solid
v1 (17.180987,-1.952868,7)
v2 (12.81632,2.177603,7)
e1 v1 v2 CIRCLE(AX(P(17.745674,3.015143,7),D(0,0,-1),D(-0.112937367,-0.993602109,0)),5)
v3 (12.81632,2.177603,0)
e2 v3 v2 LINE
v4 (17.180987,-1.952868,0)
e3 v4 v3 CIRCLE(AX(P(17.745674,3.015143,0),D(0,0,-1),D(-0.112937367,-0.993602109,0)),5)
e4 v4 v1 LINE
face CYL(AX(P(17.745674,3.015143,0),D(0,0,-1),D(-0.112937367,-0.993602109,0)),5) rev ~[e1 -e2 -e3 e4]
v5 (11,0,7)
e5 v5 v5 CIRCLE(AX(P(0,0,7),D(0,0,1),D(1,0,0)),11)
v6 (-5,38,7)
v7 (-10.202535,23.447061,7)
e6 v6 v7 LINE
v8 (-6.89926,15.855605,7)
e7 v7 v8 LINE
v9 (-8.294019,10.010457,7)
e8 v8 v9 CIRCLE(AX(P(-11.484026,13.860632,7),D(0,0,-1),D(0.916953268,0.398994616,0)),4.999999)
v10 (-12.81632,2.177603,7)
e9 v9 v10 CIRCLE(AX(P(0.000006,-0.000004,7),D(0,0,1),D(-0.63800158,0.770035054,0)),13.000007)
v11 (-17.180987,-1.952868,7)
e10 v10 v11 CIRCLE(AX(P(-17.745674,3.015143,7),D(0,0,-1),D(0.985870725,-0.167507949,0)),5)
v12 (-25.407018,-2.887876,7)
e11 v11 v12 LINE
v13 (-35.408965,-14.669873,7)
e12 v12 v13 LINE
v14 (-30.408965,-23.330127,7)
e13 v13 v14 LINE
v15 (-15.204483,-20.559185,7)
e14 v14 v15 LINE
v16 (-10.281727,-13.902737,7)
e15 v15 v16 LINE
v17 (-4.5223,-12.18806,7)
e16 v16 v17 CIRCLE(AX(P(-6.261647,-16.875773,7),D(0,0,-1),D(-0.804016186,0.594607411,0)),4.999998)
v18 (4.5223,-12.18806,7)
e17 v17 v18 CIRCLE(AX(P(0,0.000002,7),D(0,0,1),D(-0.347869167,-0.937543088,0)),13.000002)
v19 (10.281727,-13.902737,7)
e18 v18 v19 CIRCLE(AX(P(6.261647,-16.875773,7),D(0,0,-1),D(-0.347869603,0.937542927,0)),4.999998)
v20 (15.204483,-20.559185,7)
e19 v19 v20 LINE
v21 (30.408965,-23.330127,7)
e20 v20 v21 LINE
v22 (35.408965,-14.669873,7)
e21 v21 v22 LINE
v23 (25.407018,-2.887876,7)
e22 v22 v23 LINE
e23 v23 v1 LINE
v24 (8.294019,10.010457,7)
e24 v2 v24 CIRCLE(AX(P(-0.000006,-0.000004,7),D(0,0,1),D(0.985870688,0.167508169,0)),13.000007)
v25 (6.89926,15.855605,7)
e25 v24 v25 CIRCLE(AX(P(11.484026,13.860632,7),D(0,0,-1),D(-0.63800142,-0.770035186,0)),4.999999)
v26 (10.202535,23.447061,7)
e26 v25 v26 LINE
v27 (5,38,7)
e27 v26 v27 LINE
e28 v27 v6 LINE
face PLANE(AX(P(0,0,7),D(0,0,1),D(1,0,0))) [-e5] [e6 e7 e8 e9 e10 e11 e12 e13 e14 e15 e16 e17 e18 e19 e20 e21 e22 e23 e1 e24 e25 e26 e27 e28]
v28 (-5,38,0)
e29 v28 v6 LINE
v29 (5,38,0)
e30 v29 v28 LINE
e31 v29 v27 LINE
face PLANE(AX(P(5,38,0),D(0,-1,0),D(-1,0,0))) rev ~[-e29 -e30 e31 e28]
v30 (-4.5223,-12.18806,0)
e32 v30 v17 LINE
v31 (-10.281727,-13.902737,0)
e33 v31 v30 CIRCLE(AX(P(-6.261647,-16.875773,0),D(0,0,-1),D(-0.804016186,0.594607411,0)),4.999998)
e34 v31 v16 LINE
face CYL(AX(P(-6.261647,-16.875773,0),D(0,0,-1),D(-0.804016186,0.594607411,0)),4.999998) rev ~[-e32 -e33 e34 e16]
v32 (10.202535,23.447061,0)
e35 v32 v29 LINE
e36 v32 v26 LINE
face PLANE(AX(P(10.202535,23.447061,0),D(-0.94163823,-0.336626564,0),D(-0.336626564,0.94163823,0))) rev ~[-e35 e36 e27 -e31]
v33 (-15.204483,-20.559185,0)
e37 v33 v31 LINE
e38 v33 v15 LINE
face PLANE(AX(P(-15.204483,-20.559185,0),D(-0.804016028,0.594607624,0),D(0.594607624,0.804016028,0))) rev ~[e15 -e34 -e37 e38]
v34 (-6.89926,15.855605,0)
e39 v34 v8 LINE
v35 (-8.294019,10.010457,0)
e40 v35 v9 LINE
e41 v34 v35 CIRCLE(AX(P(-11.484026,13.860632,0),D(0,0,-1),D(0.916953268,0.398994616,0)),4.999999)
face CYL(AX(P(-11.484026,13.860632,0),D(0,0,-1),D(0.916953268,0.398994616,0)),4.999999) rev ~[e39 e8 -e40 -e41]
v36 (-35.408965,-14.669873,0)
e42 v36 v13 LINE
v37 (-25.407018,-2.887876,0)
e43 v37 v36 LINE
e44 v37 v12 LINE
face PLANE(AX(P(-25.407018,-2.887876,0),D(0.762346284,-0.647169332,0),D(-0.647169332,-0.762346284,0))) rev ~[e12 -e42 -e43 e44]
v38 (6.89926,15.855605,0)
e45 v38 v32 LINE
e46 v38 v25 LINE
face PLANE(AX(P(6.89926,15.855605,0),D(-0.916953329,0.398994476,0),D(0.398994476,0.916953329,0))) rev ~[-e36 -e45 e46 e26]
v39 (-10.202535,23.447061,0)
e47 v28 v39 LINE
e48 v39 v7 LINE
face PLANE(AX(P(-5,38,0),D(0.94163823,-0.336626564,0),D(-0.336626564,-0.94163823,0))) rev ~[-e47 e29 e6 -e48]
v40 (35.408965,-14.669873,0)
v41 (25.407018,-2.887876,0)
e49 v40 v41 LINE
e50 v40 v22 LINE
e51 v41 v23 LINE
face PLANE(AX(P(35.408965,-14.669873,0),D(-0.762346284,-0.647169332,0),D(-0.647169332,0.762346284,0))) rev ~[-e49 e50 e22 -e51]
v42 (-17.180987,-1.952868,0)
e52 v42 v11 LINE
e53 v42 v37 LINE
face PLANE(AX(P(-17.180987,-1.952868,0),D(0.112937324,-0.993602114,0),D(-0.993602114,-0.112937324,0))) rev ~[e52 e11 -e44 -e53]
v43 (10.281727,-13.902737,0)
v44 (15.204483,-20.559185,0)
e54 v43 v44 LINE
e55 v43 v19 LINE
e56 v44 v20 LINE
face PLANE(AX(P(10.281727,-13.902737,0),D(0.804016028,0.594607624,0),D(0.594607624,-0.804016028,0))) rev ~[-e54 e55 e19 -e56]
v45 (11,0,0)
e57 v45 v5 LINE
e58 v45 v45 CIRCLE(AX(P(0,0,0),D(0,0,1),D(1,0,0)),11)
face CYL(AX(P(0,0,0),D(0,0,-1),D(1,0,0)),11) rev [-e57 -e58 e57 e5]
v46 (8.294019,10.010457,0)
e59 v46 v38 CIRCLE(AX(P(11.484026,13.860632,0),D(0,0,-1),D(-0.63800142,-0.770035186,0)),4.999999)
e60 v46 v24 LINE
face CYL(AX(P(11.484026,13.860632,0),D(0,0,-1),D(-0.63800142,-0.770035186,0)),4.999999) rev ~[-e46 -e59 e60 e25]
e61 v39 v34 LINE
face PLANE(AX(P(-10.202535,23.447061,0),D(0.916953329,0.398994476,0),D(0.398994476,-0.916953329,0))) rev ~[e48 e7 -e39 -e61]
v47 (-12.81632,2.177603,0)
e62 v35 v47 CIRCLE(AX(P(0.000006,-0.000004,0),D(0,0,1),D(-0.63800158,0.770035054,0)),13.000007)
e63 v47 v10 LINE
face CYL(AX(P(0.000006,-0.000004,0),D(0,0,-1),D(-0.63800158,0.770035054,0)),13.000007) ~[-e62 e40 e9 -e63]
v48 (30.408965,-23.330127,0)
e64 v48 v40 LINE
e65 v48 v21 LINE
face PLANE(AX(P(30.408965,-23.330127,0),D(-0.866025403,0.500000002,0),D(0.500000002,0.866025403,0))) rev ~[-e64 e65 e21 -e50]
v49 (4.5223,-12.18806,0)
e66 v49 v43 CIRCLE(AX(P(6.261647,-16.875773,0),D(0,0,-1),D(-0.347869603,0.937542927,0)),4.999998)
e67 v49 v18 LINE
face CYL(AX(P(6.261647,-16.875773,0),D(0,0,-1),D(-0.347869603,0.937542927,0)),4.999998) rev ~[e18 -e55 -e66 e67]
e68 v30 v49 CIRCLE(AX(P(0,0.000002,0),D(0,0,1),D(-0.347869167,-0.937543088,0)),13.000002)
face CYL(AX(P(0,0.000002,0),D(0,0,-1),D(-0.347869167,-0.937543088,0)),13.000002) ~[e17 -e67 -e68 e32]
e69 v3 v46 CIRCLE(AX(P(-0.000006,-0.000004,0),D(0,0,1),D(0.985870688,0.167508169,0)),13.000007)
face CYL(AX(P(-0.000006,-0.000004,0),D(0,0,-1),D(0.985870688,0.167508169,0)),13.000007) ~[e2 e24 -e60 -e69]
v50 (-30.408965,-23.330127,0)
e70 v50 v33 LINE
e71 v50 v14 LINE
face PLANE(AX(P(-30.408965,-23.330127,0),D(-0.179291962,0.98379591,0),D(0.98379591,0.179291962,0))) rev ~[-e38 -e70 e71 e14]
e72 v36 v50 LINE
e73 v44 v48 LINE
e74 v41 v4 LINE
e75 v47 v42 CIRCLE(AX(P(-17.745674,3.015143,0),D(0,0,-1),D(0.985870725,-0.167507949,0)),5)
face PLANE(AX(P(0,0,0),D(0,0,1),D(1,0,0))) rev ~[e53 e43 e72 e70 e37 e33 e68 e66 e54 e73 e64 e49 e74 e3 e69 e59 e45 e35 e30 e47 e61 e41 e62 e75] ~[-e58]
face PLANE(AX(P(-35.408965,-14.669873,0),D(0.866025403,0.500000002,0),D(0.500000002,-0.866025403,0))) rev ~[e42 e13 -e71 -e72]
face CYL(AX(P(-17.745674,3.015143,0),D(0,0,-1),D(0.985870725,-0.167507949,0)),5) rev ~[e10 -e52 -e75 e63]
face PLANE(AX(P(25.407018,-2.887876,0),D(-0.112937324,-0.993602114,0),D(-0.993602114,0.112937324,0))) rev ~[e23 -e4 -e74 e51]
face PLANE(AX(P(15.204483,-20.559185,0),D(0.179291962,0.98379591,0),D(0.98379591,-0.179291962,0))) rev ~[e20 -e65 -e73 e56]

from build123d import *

# Parameters (mm, degrees)
F0_R     = 11
F1_DEPTH = 7


with BuildPart() as f1:
    # F0 (on Top) → F1 (new body)
    with BuildSketch(Plane.XY):
        with BuildLine():
            ThreePointArc((-6.89926, 15.855605), (-6.620569, 12.700123), (-8.294019, 10.010457))
            ThreePointArc((-8.294019, 10.010457), (-11.25833, 6.5), (-12.81632, 2.177603))
            ThreePointArc((-12.81632, 2.177603), (-14.308914, -0.61648), (-17.180987, -1.952868))
            Line((-17.180987, -1.952868), (-25.407018, -2.887876))
            Line((-25.407018, -2.887876), (-35.408965, -14.669873))
            Line((-35.408965, -14.669873), (-30.408965, -23.330127))
            Line((-30.408965, -23.330127), (-15.204483, -20.559185))
            Line((-15.204483, -20.559185), (-10.281727, -13.902737))
            ThreePointArc((-10.281727, -13.902737), (-7.688344, -12.083642), (-4.5223, -12.18806))
            ThreePointArc((-4.5223, -12.18806), (0, -13), (4.5223, -12.18806))
            ThreePointArc((4.5223, -12.18806), (7.688344, -12.083642), (10.281727, -13.902737))
            Line((10.281727, -13.902737), (15.204483, -20.559185))
            Line((15.204483, -20.559185), (30.408965, -23.330127))
            Line((30.408965, -23.330127), (35.408965, -14.669873))
            Line((35.408965, -14.669873), (25.407018, -2.887876))
            Line((25.407018, -2.887876), (17.180987, -1.952868))
            ThreePointArc((17.180987, -1.952868), (14.308914, -0.61648), (12.81632, 2.177603))
            ThreePointArc((12.81632, 2.177603), (11.25833, 6.5), (8.294019, 10.010457))
            ThreePointArc((8.294019, 10.010457), (6.620569, 12.700123), (6.89926, 15.855605))
            Line((6.89926, 15.855605), (10.202535, 23.447061))
            Line((10.202535, 23.447061), (5, 38))
            Line((5, 38), (-5, 38))
            Line((-5, 38), (-10.202535, 23.447061))
            Line((-10.202535, 23.447061), (-6.89926, 15.855605))
        make_face()
        Circle(F0_R, mode=Mode.SUBTRACT)
    extrude(amount=F1_DEPTH)


solid = f1.part
